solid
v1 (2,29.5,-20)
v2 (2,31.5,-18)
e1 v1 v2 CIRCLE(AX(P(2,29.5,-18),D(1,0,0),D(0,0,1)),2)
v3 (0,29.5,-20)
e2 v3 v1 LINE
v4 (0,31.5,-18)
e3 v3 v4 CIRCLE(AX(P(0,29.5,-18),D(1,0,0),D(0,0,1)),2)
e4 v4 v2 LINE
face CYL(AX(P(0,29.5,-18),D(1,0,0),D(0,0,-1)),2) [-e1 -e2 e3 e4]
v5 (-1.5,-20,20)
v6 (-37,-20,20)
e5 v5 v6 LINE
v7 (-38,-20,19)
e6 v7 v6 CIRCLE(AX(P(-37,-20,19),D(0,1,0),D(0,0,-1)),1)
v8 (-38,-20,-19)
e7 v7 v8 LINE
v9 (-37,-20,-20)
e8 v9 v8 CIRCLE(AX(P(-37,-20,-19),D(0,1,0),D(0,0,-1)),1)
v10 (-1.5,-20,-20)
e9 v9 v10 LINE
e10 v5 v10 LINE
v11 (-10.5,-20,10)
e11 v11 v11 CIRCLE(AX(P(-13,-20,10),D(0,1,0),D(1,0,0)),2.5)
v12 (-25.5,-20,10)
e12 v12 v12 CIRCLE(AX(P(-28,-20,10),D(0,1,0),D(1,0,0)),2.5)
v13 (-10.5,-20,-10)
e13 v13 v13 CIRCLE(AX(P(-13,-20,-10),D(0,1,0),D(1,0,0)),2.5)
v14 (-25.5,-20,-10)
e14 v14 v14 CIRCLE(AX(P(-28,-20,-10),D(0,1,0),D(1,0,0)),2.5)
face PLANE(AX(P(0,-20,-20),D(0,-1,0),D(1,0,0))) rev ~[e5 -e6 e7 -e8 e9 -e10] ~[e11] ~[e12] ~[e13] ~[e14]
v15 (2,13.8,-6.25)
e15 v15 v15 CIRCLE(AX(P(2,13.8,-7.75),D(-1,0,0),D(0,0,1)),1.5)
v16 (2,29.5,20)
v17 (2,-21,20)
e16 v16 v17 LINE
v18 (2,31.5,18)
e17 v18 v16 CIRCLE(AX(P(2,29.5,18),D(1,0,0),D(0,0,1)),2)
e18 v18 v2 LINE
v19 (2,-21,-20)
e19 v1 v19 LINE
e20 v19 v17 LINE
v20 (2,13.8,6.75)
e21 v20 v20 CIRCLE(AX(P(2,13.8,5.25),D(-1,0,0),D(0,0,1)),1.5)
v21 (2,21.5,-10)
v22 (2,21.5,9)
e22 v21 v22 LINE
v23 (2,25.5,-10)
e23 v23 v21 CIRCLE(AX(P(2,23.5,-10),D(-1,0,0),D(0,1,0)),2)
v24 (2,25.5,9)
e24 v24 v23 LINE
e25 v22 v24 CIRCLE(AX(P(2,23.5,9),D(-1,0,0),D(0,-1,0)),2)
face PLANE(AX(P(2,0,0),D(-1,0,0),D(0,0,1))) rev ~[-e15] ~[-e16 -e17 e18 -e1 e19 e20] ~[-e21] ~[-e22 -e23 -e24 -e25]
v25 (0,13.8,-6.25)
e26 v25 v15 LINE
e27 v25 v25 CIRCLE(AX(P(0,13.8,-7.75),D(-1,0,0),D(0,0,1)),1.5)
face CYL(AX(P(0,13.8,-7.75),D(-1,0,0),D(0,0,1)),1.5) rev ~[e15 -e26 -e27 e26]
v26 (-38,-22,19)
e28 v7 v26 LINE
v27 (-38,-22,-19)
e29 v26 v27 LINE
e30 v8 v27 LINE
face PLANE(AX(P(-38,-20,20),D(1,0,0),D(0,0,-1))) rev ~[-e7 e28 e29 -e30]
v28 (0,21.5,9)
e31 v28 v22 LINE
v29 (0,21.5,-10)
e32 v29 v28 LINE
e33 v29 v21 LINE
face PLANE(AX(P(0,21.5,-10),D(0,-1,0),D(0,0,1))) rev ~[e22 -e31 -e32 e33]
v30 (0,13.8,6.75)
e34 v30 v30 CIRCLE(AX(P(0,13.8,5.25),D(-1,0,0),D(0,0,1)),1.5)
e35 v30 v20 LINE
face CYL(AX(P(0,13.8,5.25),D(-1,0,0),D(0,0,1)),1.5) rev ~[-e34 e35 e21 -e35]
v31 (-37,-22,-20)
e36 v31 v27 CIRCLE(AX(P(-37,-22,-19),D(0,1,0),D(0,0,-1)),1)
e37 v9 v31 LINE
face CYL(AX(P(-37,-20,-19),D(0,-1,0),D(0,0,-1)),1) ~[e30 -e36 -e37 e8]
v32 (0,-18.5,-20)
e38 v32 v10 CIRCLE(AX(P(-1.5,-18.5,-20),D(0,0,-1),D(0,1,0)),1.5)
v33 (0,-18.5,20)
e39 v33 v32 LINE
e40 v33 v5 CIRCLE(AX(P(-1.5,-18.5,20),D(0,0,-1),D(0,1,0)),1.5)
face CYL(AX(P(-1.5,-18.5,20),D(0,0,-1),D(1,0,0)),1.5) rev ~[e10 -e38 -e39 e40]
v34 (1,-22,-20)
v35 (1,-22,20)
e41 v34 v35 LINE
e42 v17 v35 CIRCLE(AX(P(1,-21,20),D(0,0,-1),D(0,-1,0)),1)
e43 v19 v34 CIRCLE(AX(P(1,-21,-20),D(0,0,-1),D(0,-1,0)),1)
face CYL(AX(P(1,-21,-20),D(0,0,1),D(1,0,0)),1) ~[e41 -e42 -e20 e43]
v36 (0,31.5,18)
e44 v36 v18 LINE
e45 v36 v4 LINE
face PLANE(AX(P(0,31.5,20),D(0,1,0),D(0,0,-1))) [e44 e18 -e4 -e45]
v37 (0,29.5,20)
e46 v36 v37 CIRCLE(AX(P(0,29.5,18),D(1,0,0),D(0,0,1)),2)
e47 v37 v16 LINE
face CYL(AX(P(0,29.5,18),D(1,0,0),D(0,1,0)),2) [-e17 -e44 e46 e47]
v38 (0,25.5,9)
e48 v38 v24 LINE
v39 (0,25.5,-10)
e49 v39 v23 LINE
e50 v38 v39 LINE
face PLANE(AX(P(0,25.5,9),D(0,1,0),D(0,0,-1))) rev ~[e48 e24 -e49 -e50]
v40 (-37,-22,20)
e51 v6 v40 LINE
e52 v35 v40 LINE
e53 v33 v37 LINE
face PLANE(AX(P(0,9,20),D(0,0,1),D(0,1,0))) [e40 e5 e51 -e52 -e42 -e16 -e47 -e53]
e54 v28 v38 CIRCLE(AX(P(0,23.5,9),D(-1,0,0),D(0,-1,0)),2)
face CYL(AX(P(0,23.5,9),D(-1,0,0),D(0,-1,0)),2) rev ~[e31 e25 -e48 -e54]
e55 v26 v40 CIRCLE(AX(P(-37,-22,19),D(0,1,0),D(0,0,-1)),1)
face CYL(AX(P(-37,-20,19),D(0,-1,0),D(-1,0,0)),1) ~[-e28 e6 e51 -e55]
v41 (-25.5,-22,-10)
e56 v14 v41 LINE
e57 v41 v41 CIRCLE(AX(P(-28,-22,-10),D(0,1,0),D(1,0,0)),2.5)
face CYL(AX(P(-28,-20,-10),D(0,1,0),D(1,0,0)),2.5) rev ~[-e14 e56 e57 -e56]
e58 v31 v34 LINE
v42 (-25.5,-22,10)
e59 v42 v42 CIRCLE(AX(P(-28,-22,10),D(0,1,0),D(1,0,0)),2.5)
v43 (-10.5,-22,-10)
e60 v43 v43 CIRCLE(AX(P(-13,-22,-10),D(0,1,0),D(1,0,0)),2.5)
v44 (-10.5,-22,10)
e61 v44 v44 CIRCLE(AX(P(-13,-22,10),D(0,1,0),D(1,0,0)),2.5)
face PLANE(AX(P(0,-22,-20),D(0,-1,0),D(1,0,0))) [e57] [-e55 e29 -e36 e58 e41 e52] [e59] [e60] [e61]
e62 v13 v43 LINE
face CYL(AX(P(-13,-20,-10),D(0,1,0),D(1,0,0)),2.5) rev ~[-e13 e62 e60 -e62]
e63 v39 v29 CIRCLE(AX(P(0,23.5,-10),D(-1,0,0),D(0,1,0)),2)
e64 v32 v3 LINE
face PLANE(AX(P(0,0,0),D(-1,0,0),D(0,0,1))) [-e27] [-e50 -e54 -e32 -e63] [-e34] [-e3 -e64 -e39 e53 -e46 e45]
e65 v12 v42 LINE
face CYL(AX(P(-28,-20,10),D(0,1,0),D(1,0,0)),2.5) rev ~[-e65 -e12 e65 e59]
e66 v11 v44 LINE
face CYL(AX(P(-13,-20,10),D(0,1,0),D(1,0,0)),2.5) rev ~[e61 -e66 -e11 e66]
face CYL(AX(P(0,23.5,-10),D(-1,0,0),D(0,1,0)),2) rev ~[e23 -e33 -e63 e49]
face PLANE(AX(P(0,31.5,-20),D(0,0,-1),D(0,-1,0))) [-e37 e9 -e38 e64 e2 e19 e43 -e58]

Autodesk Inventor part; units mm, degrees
ref_plane "YZ Plane" through (0, 0, 0) normal (1, 0, 0) x (0, 1, 0)
ref_plane "XZ Plane" through (0, 0, 0) normal (0, 1, 0) x (-1, 0, 0)
ref_plane "XY Plane" through (0, 0, 0) normal (0, 0, 1) x (1, 0, 0)
sketch "Boceto1" plane through (0, 0, 0) normal (1, 0, 0) x (0, 1, 0)
  line L0 (-6.321, 6.321) -> (6.321, 6.321) construction
  line L1 (6.321, 6.321) -> (6.321, -6.321) construction
  line L2 (6.321, -6.321) -> (-6.321, -6.321) construction
  line L3 (-6.321, -6.321) -> (-6.321, 6.321) construction
  line L4 (-6.321, 6.321) -> (6.321, -6.321) construction
  line L5 (6.321, 6.321) -> (-6.321, -6.321) construction
  circle A0 centre (6.321, -6.321) radius 0.875
  line L6 (0, 0) -> (7.9878, 0) construction
  circle A1 centre (6.321, 6.321) radius 0.875
  line L7 (0, 0) -> (0, -13.4562) construction
  circle A2 centre (-6.321, -6.321) radius 0.875
  circle A3 centre (-6.321, 6.321) radius 0.875
  circle A4 centre (0, 0) radius 5.5
  line L8 (10, 20) -> (-20, 20)
  line L9 (-20, 20) -> (-20, -20)
  line L10 (-20, -20) -> (10, -20)
  line L11 (10, -20) -> (10, 20)
  dimension "d0" = 12.642
  dimension "d1" = 12.642
  dimension "d2" = 1.75
  dimension "d3" = 11
  dimension "d4" = 30
  dimension "d6" = 20
  dimension "d7" = 10
  dimension "d26" = 20
extrude "Extrusión1" add sketch "Boceto1" along normal blind 2
sketch "Boceto2" plane through (0, -20, -20) normal (0, -1, 0) x (1, 0, 0)
  line L0 (2, 0) -> (2, 40) projected
  line L1 (2, 40) -> (-38, 40)
  line L2 (-38, 40) -> (-38, 0)
  line L3 (-38, 0) -> (2, 0)
  line L4 (2, 0) -> (2, 40)
  point P0 (0, 20)
  point P1 (2, 0)
  dimension "d10" = 40
  dimension "d11" = 40
extrude "Extrusión2" add sketch "Boceto2" along normal blind 2
fillet "Empalme1" radius 1.5 1 edges at (0, -20, 0)
fillet "Empalme2" radius 1 5 edges at (1, 10, 20) (1, 10, -20) (-38, -21, 20) (-38, -21, -20) (2, -22, 0)
sketch "Boceto4" plane through (0, -20, -20) normal (0, 1, 0) x (1, 0, 0)
  circle A0 centre (-13, -10) radius 2.5
  circle A1 centre (-13, -30) radius 2.5
  circle A2 centre (-28, -10) radius 2.5
  circle A3 centre (-28, -30) radius 2.5
  line L0 (-1.5, -40) -> (-37, -40) projected
  line L1 (-38, -39) -> (-38, -1) projected
  point P0 (0, -20)
  dimension "d27" = 5
  dimension "d28" = 5
  dimension "d29" = 5
  dimension "d30" = 5
  dimension "d31" = 10
  dimension "d32" = 20
  dimension "d33" = 20
  dimension "d34" = 15
  dimension "d35" = 10
extrude "Extrusión4" cut sketch "Boceto4" against normal through all
sketch "Boceto5" plane through (2, 0, 0) normal (1, 0, 0) x (0, 0, -1)
  line L0 (20, -21) -> (-20, -21) projected
  line L1 (20, 9) -> (20, -21) projected
  arc A0 (20, 9) -> (19, 10) centre (19, 9) ccw projected
  line L2 (19, 10) -> (-19, 10) projected
  arc A1 (-19, 10) -> (-20, 9) centre (-19, 9) ccw projected
  line L3 (-20, 9) -> (-20, -21) projected
  circle A2 centre (0, 0) radius 5.5 projected
  circle A3 centre (-6.321, -6.321) radius 0.875 projected
  circle A4 centre (6.321, -6.321) radius 0.875 projected
  circle A5 centre (-6.321, 6.321) radius 0.875 projected
  circle A6 centre (6.321, 6.321) radius 0.875 projected
extrude "Extrusión5" add sketch "Boceto5" against normal blind 2 contours A2 | A3 | A4 | A5 | A6
sketch "Boceto7" plane through (0, 0, 0) normal (-1, 0, 0) x (0, 0, 1)
  arc A0 (-19, 10) -> (-20, 9) centre (-19, 9) ccw projected
  line L0 (-20, -18.5) -> (-20, 9) projected
  line L1 (20, -18.5) -> (-20, -18.5) projected
  line L2 (20, 9) -> (20, -18.5) projected
  arc A1 (20, 9) -> (19, 10) centre (19, 9) ccw projected
  line L3 (-19, 10) -> (19, 10) projected
  line L4 (-20, -18.5) -> (20, -18.5)
  line L5 (20, -18.5) -> (20, 31.5)
  line L6 (20, 31.5) -> (-20, 31.5)
  line L7 (-20, 31.5) -> (-20, -18.5)
  point P0 (0, 0)
  dimension "d42" = 40
  dimension "d43" = 50
extrude "Extrusión7" add sketch "Boceto7" against normal blind 2 contours A0 L7 L6 L5 A1 L3
fillet "Empalme3" radius 2 2 edges at (1, 31.5, -20) (1, 31.5, 20)
sketch "Boceto8" plane through (0, 0, 0) normal (-1, 0, 0) x (0, 0, 1)
  line L0 (-18, 31.5) -> (18, 31.5) construction
  line L1 (0, 31.5) -> (0, 13.8) construction
  line L2 (-20, -18.5) -> (-20, 29.5) construction
  line L3 (-20, 13.8) -> (19.9852, 13.8) construction
  line L4 (-20, 13.8) -> (-7.75, 13.8) construction
  circle A0 centre (-7.75, 13.8) radius 1.5
  circle A1 centre (5.25, 13.8) radius 1.5
  point P0 (0, 0)
  dimension "d47" = 17.7
  dimension "d48" = 12.25
  dimension "d49" = 3
  dimension "d50" = 3
  dimension "d51" = 13
extrude "Extrusión8" cut sketch "Boceto8" against normal blind 2
sketch "Boceto9" plane through (0, 0, 0) normal (-1, 0, 0) x (0, 0, 1)
  line L0 (-10, 23.5) -> (9, 23.5)
  line L1 (18, 31.5) -> (-18, 31.5) projected
  line L2 (9, 23.5) -> (-10, 23.5) construction
  line L3 (9, 25.5) -> (-10, 25.5)
  line L4 (-10, 21.5) -> (9, 21.5)
  arc A0 (9, 21.5) -> (9, 25.5) centre (9, 23.5) ccw
  arc A1 (-10, 25.5) -> (-10, 21.5) centre (-10, 23.5) ccw
  line L5 (-20, -18.5) -> (-20, 29.5) projected
  point P0 (0, 0)
  point P1 (0, 31.5)
  point P2 (0, 31.5)
  point P3 (-0.5, 23.5)
  dimension "d56" = 8
  dimension "d57" = 9
  dimension "d58" = 10
  dimension "d59" = 4
extrude "Extrusión9" cut sketch "Boceto9" against normal blind 2
sketch "Boceto11" plane through (0, 0, 0) normal (-1, 0, 0) x (0, 0, 1)
  circle A0 centre (0, 0) radius 5.5 projected
  circle A1 centre (5.25, 13.8) radius 1.5 projected
  dimension "d64" = 13.8
sketch "Boceto3" plane through (0, -20, -20) normal (0, 1, 0) x (1, 0, 0)
  line L0 (0, -40) -> (0, 0) projected
  line L1 (-28, 0) -> (0, 0) projected
  line L2 (-28, -40) -> (-28, 0) projected
  line L3 (0, -40) -> (-28, -40) projected
  line L4 (-6.125, -3.125) -> (-6.125, -36.875) construction
  line L5 (-7.25, -3.125) -> (-7.25, -36.875)
  line L6 (-5, -36.875) -> (-5, -3.125)
  arc A0 (-5, -3.125) -> (-7.25, -3.125) centre (-6.125, -3.125) ccw
  arc A1 (-7.25, -36.875) -> (-5, -36.875) centre (-6.125, -36.875) ccw
  line L7 (-21.875, -3.125) -> (-21.875, -36.875) construction
  line L8 (-23, -3.125) -> (-23, -36.875)
  line L9 (-20.75, -36.875) -> (-20.75, -3.125)
  arc A2 (-20.75, -3.125) -> (-23, -3.125) centre (-21.875, -3.125) ccw
  arc A3 (-23, -36.875) -> (-20.75, -36.875) centre (-21.875, -36.875) ccw
  point P0 (0, -20)
  point P1 (-6.125, -20)
  point P2 (-21.875, -20)
  point P3 (-21.875, -38)
  point P4 (-21.875, -2)
  point P5 (-6.125, -38)
  point P6 (-6.125, -2)
  dimension "d14" = 2.25
  dimension "d15" = 2.25
  dimension "d16" = 5
  dimension "d17" = 2
  dimension "d18" = 2
  dimension "d19" = 2
  dimension "d20" = 2
  dimension "d21" = 5
equation "\"Radio_pliegue\" = Grosor"
equation "\"Anchura_desahogo_plegado\" = Grosor"
equation "\"Profundidad_desahogo_plegado\" = 0.5 * Grosor"
equation "\"Tamaño_destalonado\" = 4 * Grosor"
equation "\"Remanente_mínimo\" = 2 * Grosor"
equation "\"Radiodetransición\" = Radio_pliegue"
equation "\"Tamaño_de_radio_de_Jacobi\" = Radio_pliegue"
equation "\"TamañoSeparación\" = Grosor"
equation "\"Grosor\" = 2"
properties part number "BRACKET_SENSOR" material "Aluminio 6061"
